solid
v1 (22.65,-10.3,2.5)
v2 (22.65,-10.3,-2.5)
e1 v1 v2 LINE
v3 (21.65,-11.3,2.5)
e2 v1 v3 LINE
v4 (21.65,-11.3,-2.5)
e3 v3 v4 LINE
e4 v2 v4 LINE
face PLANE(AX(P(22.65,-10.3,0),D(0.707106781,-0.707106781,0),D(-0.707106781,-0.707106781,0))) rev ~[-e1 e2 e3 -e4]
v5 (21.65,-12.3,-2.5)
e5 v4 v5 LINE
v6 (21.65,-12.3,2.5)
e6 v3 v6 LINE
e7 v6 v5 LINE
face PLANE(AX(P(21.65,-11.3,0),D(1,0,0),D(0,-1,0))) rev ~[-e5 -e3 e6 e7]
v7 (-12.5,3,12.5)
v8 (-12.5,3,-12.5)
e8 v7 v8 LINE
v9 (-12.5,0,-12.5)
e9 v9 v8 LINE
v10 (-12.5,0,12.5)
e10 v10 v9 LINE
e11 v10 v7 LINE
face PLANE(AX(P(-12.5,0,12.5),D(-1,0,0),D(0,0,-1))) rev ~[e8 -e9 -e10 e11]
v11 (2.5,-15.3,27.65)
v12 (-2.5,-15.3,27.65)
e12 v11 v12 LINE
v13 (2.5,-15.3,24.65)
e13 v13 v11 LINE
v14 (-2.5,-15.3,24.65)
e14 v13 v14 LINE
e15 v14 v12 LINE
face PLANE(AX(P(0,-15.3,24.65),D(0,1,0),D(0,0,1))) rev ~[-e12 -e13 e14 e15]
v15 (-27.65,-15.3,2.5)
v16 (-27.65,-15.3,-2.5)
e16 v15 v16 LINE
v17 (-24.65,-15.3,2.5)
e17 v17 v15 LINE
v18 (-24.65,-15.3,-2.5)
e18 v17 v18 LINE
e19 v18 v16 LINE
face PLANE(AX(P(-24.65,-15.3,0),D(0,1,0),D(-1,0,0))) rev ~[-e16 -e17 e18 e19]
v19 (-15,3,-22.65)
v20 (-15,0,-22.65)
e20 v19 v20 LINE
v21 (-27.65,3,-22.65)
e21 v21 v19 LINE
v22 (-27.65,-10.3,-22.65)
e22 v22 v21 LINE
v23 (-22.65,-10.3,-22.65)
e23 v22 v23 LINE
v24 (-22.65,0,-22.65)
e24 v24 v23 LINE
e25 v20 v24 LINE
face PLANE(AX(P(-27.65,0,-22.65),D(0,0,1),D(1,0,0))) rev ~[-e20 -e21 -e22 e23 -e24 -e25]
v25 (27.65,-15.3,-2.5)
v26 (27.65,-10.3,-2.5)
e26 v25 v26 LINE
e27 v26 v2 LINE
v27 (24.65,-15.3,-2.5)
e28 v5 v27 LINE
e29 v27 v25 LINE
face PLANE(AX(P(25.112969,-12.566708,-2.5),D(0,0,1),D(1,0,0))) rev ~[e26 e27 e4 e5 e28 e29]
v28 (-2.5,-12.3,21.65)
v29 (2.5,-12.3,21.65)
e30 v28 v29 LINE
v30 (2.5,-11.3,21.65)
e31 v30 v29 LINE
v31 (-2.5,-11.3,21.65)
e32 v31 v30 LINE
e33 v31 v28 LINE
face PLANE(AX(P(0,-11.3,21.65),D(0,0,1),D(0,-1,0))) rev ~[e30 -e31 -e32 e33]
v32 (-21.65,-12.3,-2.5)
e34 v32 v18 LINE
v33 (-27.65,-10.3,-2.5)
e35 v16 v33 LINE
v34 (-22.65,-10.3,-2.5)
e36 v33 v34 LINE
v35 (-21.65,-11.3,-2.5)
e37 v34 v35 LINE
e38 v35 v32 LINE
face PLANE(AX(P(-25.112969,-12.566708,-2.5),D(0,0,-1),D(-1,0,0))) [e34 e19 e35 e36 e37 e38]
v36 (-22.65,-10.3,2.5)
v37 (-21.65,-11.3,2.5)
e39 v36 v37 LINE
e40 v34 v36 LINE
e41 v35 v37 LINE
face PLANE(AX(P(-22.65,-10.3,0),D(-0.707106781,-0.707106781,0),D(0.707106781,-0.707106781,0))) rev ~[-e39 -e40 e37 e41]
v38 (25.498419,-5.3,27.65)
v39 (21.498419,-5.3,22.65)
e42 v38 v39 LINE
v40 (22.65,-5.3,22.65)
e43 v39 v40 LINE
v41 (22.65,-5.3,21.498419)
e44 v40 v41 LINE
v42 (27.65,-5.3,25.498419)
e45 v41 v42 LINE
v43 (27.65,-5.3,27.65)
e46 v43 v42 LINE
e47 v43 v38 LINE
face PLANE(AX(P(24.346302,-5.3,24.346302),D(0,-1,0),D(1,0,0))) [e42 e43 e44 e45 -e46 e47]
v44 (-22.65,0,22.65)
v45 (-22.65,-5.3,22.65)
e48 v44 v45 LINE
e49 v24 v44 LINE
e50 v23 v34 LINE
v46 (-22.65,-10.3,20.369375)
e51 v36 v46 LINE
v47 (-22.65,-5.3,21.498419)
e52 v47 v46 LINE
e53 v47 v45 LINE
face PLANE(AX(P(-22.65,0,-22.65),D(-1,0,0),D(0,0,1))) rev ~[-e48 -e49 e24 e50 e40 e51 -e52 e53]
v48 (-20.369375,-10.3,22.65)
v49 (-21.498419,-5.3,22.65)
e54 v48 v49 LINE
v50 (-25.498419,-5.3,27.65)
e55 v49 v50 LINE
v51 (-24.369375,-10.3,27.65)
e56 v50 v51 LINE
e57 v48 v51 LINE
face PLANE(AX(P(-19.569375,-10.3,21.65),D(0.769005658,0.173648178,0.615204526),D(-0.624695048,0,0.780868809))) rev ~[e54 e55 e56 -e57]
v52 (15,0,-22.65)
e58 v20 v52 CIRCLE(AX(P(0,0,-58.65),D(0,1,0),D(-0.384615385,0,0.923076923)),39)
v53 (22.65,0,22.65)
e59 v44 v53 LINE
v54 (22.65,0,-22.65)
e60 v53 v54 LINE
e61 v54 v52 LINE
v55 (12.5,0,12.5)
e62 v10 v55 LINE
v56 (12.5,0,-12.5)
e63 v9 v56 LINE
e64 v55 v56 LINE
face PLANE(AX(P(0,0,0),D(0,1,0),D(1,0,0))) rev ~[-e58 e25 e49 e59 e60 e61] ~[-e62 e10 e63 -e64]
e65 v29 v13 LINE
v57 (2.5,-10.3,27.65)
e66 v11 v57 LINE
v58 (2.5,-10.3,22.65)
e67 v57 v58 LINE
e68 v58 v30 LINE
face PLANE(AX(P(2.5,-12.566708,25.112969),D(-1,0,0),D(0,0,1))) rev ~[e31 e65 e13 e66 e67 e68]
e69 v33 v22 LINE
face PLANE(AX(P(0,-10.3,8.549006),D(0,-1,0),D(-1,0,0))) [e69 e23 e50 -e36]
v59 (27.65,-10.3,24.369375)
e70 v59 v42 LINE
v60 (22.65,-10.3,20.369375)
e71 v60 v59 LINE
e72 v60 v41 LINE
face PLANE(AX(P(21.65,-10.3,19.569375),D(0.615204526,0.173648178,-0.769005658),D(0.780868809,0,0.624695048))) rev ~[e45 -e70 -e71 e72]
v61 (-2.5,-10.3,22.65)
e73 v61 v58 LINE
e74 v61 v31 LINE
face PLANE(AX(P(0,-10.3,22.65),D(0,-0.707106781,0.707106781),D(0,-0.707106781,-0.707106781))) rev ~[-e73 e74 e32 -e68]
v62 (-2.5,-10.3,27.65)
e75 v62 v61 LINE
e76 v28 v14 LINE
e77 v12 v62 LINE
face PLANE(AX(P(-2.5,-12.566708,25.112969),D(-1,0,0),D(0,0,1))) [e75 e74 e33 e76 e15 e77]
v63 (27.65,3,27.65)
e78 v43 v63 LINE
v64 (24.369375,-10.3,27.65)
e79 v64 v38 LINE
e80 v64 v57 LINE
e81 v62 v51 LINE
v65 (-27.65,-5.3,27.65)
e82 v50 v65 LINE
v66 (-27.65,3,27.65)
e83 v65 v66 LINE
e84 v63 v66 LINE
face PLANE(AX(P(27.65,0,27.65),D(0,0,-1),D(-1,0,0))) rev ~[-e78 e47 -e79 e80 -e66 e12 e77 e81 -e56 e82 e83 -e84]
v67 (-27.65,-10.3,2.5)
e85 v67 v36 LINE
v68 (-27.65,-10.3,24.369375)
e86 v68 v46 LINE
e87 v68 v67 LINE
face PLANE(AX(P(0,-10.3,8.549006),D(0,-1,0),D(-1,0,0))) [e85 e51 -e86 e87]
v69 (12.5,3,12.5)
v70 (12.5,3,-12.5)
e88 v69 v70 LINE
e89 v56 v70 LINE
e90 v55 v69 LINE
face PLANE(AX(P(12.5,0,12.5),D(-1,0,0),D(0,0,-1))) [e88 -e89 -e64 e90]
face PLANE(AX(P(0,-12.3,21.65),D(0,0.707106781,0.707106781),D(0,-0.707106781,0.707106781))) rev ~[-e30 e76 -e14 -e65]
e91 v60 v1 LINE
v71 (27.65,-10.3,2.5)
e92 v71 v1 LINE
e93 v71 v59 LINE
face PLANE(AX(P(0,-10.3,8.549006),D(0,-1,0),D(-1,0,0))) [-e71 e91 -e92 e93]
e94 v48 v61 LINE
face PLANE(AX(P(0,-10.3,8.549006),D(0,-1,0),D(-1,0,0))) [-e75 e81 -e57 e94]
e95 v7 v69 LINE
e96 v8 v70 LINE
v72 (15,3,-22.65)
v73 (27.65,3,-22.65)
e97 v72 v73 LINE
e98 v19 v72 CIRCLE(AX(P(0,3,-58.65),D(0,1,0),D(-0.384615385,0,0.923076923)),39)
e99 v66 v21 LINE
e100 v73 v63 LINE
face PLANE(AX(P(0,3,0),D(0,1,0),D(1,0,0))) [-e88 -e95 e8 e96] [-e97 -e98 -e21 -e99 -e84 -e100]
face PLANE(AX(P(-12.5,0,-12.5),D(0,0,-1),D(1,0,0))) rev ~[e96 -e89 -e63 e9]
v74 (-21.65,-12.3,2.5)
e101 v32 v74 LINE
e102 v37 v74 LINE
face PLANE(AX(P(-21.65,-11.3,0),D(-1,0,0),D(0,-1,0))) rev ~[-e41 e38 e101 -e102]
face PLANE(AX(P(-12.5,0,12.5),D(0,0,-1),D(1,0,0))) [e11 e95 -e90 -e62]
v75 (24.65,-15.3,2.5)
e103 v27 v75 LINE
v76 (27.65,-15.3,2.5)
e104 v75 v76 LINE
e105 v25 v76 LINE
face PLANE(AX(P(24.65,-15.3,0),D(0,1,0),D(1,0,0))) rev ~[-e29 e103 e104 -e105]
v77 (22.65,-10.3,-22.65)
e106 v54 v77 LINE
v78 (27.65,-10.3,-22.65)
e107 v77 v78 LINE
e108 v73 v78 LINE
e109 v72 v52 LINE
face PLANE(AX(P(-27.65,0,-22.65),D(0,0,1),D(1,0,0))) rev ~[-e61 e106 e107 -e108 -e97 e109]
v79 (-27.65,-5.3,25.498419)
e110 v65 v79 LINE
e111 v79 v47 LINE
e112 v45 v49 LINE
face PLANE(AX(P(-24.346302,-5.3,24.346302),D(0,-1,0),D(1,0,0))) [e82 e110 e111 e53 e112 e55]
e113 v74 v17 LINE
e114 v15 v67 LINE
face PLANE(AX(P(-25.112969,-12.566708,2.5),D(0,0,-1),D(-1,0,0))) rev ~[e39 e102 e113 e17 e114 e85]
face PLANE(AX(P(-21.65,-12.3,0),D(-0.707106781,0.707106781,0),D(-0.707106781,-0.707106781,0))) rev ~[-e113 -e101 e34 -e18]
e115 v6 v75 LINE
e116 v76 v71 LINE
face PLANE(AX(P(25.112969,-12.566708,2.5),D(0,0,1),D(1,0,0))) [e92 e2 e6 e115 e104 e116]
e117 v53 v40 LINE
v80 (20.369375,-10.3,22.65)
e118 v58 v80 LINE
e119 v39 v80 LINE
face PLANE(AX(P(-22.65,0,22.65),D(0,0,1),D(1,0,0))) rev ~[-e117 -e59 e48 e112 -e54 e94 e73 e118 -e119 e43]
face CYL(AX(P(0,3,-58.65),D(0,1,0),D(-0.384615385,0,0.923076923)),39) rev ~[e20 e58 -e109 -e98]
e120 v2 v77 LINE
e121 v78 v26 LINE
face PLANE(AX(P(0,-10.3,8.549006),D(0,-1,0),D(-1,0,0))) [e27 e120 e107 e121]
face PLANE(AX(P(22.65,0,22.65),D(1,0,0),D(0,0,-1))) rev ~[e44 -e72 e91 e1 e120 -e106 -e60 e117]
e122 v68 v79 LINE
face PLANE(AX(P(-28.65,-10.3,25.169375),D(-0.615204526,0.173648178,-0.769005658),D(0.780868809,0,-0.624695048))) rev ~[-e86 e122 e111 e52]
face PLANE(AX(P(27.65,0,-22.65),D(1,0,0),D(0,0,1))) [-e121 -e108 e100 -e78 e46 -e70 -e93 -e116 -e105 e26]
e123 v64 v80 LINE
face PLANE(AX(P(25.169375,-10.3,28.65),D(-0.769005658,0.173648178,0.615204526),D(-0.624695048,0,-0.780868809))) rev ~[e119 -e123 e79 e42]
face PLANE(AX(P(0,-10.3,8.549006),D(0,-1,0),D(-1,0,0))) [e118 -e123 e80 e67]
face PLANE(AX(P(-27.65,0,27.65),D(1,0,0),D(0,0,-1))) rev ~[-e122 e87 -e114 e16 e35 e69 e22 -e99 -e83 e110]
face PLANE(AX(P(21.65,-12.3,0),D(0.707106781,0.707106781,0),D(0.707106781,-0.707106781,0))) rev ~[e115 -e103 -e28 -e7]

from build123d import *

# Parameters (mm, degrees)
SKETCH1_W                    = 45.3
SKETCH1_H                    = 45.3
SKETCH1_W_2                  = 25
SKETCH1_H_2                  = 25
BOSS_EXTRUDE1_DEPTH          = 3
BOSS_EXTRUDE2_DEPTH          = 10.3
BOSS_EXTRUDE3_DEPTH          = 2.5
CIRPATTERN1_COUNT            = 3
CIRPATTERN1_ANGLE            = 180
CUT_EXTRUDE1_DEPTH           = 5
CUT_EXTRUDE1_DRAFT           = -10
CUT_EXTRUDE1_PROFILE_2_DEPTH = 5
CUT_EXTRUDE1_PROFILE_2_DRAFT = -10
CUT_EXTRUDE2_REACH           = 45.173


with BuildPart() as part:
    # Sketch1 → Boss-Extrude1 (new body)
    # profile 1 of 2: a face of its own
    with BuildSketch(Plane(origin=(0, 0, 0), x_dir=(1, 0, 0), z_dir=(0, 1, 0))):
        Polygon((-27.65, 22.65), (-22.65, 22.65), (-22.65, -22.65), (22.65, -22.65), (22.65, 22.65), (27.65, 22.65), (27.65, -27.65), (-27.65, -27.65), align=None)
    # profile 2 of 2: a face of its own
    with BuildSketch(Plane(origin=(0, 0, 0), x_dir=(1, 0, 0), z_dir=(0, 1, 0))):
        Rectangle(SKETCH1_W, SKETCH1_H)
        Rectangle(SKETCH1_W_2, SKETCH1_H_2, mode=Mode.SUBTRACT)
    extrude(amount=BOSS_EXTRUDE1_DEPTH)

    # Sketch1<3> → Boss-Extrude2 (add)
    with BuildSketch(Plane(origin=(0, 0, 0), x_dir=(1, 0, 0), z_dir=(0, 1, 0))):
        Polygon((-27.65, 22.65), (-22.65, 22.65), (-22.65, -22.65), (22.65, -22.65), (22.65, 22.65), (27.65, 22.65), (27.65, -27.65), (-27.65, -27.65), align=None)
    extrude(amount=-BOSS_EXTRUDE2_DEPTH)

    # Sketch2 → Boss-Extrude3 (add, symmetric)
    with BuildSketch(Plane(origin=(0, 0, 0), x_dir=(-1, 0, 0), z_dir=(0, 0, -1))):
        Polygon((-21.65, -12.3), (-24.65, -15.3), (-27.65, -15.3), (-27.65, -10.3), (-22.65, -10.3), (-21.65, -11.3), align=None)
    boss_extrude3 = extrude(amount=BOSS_EXTRUDE3_DEPTH, both=True)

    # CirPattern1: Boss-Extrude3 ×3 about axis
    cirpattern1_axis = Axis((0, 0, 0), (0, -1, 0))
    for i in range(1, CIRPATTERN1_COUNT):
        add(boss_extrude3.rotate(cirpattern1_axis, i * CIRPATTERN1_ANGLE / (CIRPATTERN1_COUNT - 1)))


with BuildPart() as cut_extrude1_tool:
    # Sketch3 → Cut-Extrude1 (with draft: the straight prism first)
    with BuildSketch(Plane.XZ.offset(10.3)):
        Polygon((21.65, 21.65), (21.65, 19.569375153), (28.65, 25.169375153), (28.65, 28.65), (25.169375153, 28.65), (19.569375153, 21.65), align=None)
    extrude(amount=-CUT_EXTRUDE1_DEPTH)
    # Cut-Extrude1: the draft: its side faces are tilted about the plane it starts from
    cut_extrude1_sides = [cut_extrude1_tool.faces().sort_by_distance(p)[0] for p in [
        (21.65, -7.8, 20.609687576),
        (25.15, -7.8, 22.369375153),
        (28.65, -7.8, 26.909687576),
        (26.909687576, -7.8, 28.65),
        (22.369375153, -7.8, 25.15),
        (20.609687576, -7.8, 21.65),
    ]]
    draft(cut_extrude1_sides, Plane.XZ.offset(10.3), CUT_EXTRUDE1_DRAFT)


with BuildPart() as part_1:
    add(part.part)

    # Cut-Extrude1: cut by cut_extrude1_tool
    add(cut_extrude1_tool.part, mode=Mode.SUBTRACT)


with BuildPart() as cut_extrude1_profile_2_tool:
    # Sketch3 → Cut-Extrude1 profile 2 (with draft: the straight prism first)
    with BuildSketch(Plane.XZ.offset(10.3)):
        Polygon((-21.65, 19.569375153), (-21.65, 21.65), (-19.569375153, 21.65), (-25.169375153, 28.65), (-28.65, 28.65), (-28.65, 25.169375153), align=None)
    extrude(amount=-CUT_EXTRUDE1_PROFILE_2_DEPTH)
    # Cut-Extrude1 profile 2: the draft: its side faces are tilted about the plane it starts from
    cut_extrude1_profile_2_sides = [cut_extrude1_profile_2_tool.faces().sort_by_distance(p)[0] for p in [
        (-21.65, -7.8, 20.609687576),
        (-20.609687576, -7.8, 21.65),
        (-22.369375153, -7.8, 25.15),
        (-26.909687576, -7.8, 28.65),
        (-28.65, -7.8, 26.909687576),
        (-25.15, -7.8, 22.369375153),
    ]]
    draft(cut_extrude1_profile_2_sides, Plane.XZ.offset(10.3), CUT_EXTRUDE1_PROFILE_2_DRAFT)


with BuildPart() as part_2:
    add(part_1.part)

    # Cut-Extrude1 profile 2: cut by cut_extrude1_profile_2_tool
    add(cut_extrude1_profile_2_tool.part, mode=Mode.SUBTRACT)

    # Sketch5 → Cut-Extrude2 (cut, up to next)
    with BuildSketch(Plane(origin=(0, 3, 0), x_dir=(1, 0, 0), z_dir=(0, 1, 0)), mode=Mode.PRIVATE) as cut_extrude2_sk1:
        with BuildLine():
            Line((15, 22.65), (-15, 22.65))
            ThreePointArc((-15, 22.65), (0, 19.65), (15, 22.65))
        make_face()
    cut_extrude2_tool1 = extrude(cut_extrude2_sk1.sketch, amount=-CUT_EXTRUDE2_REACH, mode=Mode.PRIVATE) & part_2.part
    add(cut_extrude2_tool1.solids().sort_by_distance((0, 3, -21.445954))[0], mode=Mode.SUBTRACT)


solid = part_2.part
